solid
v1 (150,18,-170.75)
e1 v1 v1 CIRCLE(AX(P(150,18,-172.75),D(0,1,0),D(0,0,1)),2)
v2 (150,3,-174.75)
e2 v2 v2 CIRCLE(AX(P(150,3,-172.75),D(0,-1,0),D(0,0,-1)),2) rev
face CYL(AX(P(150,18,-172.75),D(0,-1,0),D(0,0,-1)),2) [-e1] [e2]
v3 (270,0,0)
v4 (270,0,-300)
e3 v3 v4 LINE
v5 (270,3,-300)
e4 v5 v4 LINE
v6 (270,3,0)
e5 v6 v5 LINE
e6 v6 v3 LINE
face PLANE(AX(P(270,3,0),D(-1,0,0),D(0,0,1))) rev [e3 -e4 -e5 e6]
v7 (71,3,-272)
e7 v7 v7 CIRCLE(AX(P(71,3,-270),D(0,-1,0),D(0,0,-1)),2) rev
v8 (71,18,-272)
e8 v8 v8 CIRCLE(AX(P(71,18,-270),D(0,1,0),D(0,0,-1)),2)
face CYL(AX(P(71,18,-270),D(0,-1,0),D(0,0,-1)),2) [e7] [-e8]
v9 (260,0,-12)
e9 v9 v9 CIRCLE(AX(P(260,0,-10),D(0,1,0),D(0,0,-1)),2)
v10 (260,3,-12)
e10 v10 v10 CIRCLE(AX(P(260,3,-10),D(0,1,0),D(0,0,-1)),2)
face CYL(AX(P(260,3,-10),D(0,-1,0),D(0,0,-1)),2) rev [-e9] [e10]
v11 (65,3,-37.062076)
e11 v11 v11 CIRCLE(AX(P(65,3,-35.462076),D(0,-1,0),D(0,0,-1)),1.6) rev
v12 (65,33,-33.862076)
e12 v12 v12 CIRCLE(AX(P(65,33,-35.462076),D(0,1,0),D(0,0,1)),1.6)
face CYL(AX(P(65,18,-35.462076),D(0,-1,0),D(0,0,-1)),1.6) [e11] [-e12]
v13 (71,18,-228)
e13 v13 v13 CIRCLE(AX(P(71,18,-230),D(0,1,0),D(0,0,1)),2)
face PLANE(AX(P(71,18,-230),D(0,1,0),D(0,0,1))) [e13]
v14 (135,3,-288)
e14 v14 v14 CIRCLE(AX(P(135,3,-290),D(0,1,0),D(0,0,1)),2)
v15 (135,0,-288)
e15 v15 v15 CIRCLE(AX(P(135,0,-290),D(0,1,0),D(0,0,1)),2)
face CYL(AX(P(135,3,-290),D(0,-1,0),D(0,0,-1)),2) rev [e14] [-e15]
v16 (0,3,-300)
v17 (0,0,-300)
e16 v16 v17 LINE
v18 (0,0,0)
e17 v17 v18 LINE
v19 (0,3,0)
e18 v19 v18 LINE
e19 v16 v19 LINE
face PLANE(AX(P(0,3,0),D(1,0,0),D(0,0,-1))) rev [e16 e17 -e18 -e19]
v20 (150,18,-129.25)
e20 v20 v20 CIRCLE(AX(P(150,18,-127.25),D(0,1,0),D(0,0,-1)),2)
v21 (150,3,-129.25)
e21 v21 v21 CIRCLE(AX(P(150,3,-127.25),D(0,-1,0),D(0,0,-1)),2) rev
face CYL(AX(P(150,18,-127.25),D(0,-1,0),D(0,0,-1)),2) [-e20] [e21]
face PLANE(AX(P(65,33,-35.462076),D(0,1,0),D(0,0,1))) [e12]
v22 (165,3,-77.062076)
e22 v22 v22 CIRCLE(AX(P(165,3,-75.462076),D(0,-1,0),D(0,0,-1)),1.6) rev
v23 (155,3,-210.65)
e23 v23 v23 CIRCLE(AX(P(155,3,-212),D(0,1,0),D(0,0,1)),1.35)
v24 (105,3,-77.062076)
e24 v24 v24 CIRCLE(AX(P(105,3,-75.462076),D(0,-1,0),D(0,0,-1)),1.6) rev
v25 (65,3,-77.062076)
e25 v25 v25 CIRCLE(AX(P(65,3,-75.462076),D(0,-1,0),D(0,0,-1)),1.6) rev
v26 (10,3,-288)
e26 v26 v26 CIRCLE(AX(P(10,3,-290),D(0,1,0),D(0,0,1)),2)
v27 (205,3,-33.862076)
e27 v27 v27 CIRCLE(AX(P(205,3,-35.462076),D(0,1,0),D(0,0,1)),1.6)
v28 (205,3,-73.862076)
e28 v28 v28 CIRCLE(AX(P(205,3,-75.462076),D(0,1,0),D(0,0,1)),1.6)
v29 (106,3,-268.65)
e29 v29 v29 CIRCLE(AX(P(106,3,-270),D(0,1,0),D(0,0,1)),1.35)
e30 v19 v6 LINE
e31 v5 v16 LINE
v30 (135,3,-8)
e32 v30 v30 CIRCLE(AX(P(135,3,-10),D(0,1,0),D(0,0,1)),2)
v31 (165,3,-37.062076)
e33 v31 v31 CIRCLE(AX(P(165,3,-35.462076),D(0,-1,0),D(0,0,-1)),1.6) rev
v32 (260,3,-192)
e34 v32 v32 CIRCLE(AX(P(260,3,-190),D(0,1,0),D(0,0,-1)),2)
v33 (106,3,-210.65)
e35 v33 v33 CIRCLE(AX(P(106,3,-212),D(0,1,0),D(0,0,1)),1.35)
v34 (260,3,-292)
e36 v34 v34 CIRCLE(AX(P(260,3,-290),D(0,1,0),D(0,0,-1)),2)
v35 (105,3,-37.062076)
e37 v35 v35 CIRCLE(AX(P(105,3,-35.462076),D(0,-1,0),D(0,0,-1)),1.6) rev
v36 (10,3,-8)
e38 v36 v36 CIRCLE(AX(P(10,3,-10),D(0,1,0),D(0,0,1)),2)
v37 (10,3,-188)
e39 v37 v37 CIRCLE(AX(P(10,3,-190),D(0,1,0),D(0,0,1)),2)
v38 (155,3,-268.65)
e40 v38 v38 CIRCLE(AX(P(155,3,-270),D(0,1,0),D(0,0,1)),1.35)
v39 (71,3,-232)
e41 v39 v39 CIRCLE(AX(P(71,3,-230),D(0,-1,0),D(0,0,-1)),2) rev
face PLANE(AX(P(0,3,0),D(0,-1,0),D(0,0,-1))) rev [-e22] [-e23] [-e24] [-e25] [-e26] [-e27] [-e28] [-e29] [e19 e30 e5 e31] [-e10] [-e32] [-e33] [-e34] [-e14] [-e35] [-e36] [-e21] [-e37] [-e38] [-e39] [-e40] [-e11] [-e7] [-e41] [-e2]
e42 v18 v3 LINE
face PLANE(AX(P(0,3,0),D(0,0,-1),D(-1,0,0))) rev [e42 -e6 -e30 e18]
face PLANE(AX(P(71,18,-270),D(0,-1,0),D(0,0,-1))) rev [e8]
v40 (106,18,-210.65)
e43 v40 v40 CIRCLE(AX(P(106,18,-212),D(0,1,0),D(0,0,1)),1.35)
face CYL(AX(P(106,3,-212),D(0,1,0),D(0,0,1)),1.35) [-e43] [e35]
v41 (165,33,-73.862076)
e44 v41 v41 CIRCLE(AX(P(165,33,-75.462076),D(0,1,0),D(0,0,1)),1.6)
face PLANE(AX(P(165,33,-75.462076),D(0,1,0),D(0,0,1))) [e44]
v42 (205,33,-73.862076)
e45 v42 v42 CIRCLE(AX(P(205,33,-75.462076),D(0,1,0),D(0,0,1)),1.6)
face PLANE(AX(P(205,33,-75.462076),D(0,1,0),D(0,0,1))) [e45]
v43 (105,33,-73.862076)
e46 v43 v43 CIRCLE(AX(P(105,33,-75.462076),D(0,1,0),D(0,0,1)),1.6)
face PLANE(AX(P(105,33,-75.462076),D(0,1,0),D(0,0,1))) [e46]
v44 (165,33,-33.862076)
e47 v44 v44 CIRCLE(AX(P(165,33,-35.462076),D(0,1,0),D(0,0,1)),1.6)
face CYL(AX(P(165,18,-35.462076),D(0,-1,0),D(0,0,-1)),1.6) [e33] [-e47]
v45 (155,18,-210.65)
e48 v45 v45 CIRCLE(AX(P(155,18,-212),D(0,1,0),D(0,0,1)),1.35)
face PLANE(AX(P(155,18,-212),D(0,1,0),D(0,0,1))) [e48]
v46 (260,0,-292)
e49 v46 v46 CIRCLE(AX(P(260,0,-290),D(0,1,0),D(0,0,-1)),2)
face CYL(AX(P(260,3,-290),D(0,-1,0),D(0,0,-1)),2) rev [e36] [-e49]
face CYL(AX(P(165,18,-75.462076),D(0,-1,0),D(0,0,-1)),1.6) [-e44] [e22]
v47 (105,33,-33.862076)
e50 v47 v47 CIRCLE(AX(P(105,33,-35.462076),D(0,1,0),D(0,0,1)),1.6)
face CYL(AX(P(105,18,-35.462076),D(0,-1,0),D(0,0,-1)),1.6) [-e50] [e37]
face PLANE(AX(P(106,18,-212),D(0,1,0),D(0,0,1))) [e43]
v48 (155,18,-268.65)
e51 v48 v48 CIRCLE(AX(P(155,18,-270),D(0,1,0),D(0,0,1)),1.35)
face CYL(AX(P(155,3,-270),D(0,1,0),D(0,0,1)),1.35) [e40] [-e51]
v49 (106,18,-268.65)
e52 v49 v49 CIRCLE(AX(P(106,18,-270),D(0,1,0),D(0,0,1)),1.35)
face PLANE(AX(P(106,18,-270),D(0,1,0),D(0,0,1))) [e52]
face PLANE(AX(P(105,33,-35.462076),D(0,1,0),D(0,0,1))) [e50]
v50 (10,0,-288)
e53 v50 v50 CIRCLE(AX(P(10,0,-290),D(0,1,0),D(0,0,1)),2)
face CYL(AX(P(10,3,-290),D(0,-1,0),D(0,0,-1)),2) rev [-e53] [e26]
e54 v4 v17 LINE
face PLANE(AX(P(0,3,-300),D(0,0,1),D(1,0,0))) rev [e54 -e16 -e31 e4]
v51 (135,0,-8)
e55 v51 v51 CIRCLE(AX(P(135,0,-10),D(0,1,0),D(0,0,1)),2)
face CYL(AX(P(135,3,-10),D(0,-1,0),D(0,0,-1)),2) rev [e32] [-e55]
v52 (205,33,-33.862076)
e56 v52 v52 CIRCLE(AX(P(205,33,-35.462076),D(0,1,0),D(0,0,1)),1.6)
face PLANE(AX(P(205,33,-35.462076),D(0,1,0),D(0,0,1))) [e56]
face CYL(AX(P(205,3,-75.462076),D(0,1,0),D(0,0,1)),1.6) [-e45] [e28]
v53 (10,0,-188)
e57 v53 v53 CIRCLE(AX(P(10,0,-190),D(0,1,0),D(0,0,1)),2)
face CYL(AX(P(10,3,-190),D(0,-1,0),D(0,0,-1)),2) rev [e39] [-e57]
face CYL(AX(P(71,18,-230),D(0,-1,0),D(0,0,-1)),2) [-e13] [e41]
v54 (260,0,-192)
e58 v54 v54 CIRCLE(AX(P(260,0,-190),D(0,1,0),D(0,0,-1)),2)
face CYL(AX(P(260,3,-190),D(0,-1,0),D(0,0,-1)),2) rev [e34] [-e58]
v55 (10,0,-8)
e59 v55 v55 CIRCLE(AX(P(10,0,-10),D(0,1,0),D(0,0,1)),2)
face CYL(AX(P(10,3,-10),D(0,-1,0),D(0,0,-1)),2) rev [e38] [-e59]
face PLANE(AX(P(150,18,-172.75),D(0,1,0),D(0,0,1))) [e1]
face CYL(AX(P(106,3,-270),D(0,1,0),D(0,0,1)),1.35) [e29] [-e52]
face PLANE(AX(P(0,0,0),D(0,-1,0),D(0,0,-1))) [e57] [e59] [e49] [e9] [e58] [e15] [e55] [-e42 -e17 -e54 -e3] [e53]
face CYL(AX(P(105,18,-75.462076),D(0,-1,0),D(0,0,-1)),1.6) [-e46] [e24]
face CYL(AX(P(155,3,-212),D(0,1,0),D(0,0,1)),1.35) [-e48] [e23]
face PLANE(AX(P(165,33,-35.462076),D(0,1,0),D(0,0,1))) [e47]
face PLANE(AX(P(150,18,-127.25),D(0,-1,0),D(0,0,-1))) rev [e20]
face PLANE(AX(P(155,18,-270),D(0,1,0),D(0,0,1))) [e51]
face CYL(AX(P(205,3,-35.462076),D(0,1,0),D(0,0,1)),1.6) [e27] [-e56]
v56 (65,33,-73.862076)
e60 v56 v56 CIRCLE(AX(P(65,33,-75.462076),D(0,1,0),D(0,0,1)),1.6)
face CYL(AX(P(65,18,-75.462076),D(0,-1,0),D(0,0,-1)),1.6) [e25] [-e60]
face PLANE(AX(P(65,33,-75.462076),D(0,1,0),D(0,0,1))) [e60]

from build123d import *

# Parameters (mm, degrees)
SKETCH1_W            = 270
SKETCH1_H            = 300
SKETCH1_R            = 2
BOSS_EXTRUDE1_DEPTH  = 3
SKETCH2_R            = 1.35
BOSS_EXTRUDE2_DEPTH  = 10
SKETCH3_R            = 2
BOSS_EXTRUDE3_DEPTH  = 15
SKETCH4_R            = 1.35
BOSS_EXTRUDE4_DEPTH  = 5
SKETCH5_R            = 2
BOSS_EXTRUDE5_DEPTH  = 15
SKETCH6_R            = 1.6
BOSS_EXTRUDE6_DEPTH  = 15
SKETCH7_R            = 2
BOSS_EXTRUDE7_DEPTH  = 15
CUT_EXTRUDE1_START   = -15
SKETCH8_R            = 1.6
CUT_EXTRUDE1_DEPTH   = 15
SKETCH9_R            = 1.6
BOSS_EXTRUDE8_DEPTH  = 15
CUT_EXTRUDE3_START   = -15
SKETCH10_R           = 1.6
CUT_EXTRUDE3_DEPTH   = 15
SKETCH11_R           = 1.6
BOSS_EXTRUDE9_DEPTH  = 15
SKETCH12_R           = 1.6
BOSS_EXTRUDE10_DEPTH = 15
CUT_EXTRUDE4_START   = -15
SKETCH13_R           = 2
CUT_EXTRUDE4_DEPTH   = 15
SKETCH14_R           = 1.35
BOSS_EXTRUDE11_DEPTH = 15
CUT_EXTRUDE7_START   = -15
SKETCH15_R           = 1.35
CUT_EXTRUDE7_DEPTH   = 15
SKETCH16_R           = 1.35
BOSS_EXTRUDE12_DEPTH = 15
SKETCH18_R           = 1.35
CUT_EXTRUDE9_DEPTH   = 15


with BuildPart() as part:
    # Sketch1 → Boss-Extrude1 (new body)
    with BuildSketch(Plane(origin=(0, 0, 0), x_dir=(1, 0, 0), z_dir=(0, 1, 0))):
        with Locations((135, 150)):
            Rectangle(SKETCH1_W, SKETCH1_H)
        with Locations(Location((10, 290, 0), (0, 0, 270))):
            Circle(SKETCH1_R, mode=Mode.SUBTRACT)
        with Locations(Location((10, 190, 0), (0, 0, 270))):
            Circle(SKETCH1_R, mode=Mode.SUBTRACT)
        with Locations(Location((10, 10, 0), (0, 0, 270))):
            Circle(SKETCH1_R, mode=Mode.SUBTRACT)
        with Locations(Location((135, 10, 0), (0, 0, 270))):
            Circle(SKETCH1_R, mode=Mode.SUBTRACT)
        with Locations(Location((260, 290, 0), (0, 0, 90))):
            Circle(SKETCH1_R, mode=Mode.SUBTRACT)
        with Locations(Location((260, 190, 0), (0, 0, 90))):
            Circle(SKETCH1_R, mode=Mode.SUBTRACT)
        with Locations(Location((260, 10, 0), (0, 0, 90))):
            Circle(SKETCH1_R, mode=Mode.SUBTRACT)
        with Locations(Location((135, 290, 0), (0, 0, 270))):
            Circle(SKETCH1_R, mode=Mode.SUBTRACT)
    extrude(amount=BOSS_EXTRUDE1_DEPTH)

    # Sketch2 → Boss-Extrude2 (add)
    with BuildSketch(Plane(origin=(0, 3, 0), x_dir=(1, 0, 0), z_dir=(0, 1, 0))):
        with Locations(Location((106, 270, 0), (0, 0, 90))):
            Circle(SKETCH2_R)
        with Locations(Location((155, 270, 0), (0, 0, 90))):
            Circle(SKETCH2_R)
        with Locations(Location((106, 212, 0), (0, 0, 90))):
            Circle(SKETCH2_R)
        with Locations(Location((155, 212, 0), (0, 0, 90))):
            Circle(SKETCH2_R)
    extrude(amount=BOSS_EXTRUDE2_DEPTH)

    # Sketch3 → Boss-Extrude3 (add)
    with BuildSketch(Plane(origin=(0, 3, 0), x_dir=(1, 0, 0), z_dir=(0, 1, 0))):
        with Locations(Location((150, 172.75, 0), (0, 0, 90))):
            Circle(SKETCH3_R)
        with Locations(Location((150, 127.25, 0), (0, 0, 90))):
            Circle(SKETCH3_R)
    extrude(amount=BOSS_EXTRUDE3_DEPTH)

    # Sketch4 → Boss-Extrude4 (add)
    with BuildSketch(Plane(origin=(0, 13, 0), x_dir=(1, 0, 0), z_dir=(0, 1, 0))):
        with Locations(Location((106, 212, 0), (0, 0, 90))):
            Circle(SKETCH4_R)
        with Locations(Location((155, 212, 0), (0, 0, 90))):
            Circle(SKETCH4_R)
        with Locations(Location((155, 270, 0), (0, 0, 90))):
            Circle(SKETCH4_R)
        with Locations(Location((106, 270, 0), (0, 0, 90))):
            Circle(SKETCH4_R)
    extrude(amount=BOSS_EXTRUDE4_DEPTH)

    # Sketch5 → Boss-Extrude5 (add)
    with BuildSketch(Plane(origin=(0, 3, 0), x_dir=(1, 0, 0), z_dir=(0, 1, 0))):
        with Locations(Location((41, 270, 0), (0, 0, 90))):
            Circle(SKETCH5_R)
        with Locations(Location((71, 270, 0), (0, 0, 90))):
            Circle(SKETCH5_R)
    extrude(amount=BOSS_EXTRUDE5_DEPTH)

    # Sketch6 → Boss-Extrude6 (add)
    with BuildSketch(Plane(origin=(0, 3, 0), x_dir=(1, 0, 0), z_dir=(0, 1, 0))):
        with Locations(Location((65, 75.462075724, 0), (0, 0, 90))):
            Circle(SKETCH6_R)
        with Locations(Location((105, 75.462075724, 0), (0, 0, 90))):
            Circle(SKETCH6_R)
        with Locations(Location((65, 35.462075724, 0), (0, 0, 90))):
            Circle(SKETCH6_R)
        with Locations(Location((105, 35.462075724, 0), (0, 0, 90))):
            Circle(SKETCH6_R)
        with Locations(Location((165, 35.462075724, 0), (0, 0, 90))):
            Circle(SKETCH6_R)
        with Locations(Location((205, 35.462075724, 0), (0, 0, 90))):
            Circle(SKETCH6_R)
        with Locations(Location((205, 75.462075724, 0), (0, 0, 90))):
            Circle(SKETCH6_R)
        with Locations(Location((165, 75.462075724, 0), (0, 0, 90))):
            Circle(SKETCH6_R)
    extrude(amount=BOSS_EXTRUDE6_DEPTH)

    # Sketch7 → Boss-Extrude7 (add)
    with BuildSketch(Plane(origin=(0, 3, 0), x_dir=(1, 0, 0), z_dir=(0, 1, 0))):
        with Locations(Location((41, 230, 0), (0, 0, 90))):
            Circle(SKETCH7_R)
        with Locations(Location((71, 230, 0), (0, 0, 90))):
            Circle(SKETCH7_R)
    extrude(amount=BOSS_EXTRUDE7_DEPTH)

    # Sketch8 → Cut-Extrude1 (cut)
    with BuildSketch(Plane(origin=(0, 18, 0), x_dir=(1, 0, 0), z_dir=(0, 1, 0)).offset(CUT_EXTRUDE1_START)):
        with Locations((205, 75.462075724)):
            Circle(SKETCH8_R)
        with Locations((205, 35.462075724)):
            Circle(SKETCH8_R)
    extrude(amount=CUT_EXTRUDE1_DEPTH, mode=Mode.SUBTRACT)

    # Sketch9 → Boss-Extrude8 (add)
    with BuildSketch(Plane(origin=(0, 3, 0), x_dir=(1, 0, 0), z_dir=(0, 1, 0))):
        with Locations(Location((185, 75.462075724, 0), (0, 0, 90))):
            Circle(SKETCH9_R)
        with Locations(Location((185, 35.462075724, 0), (0, 0, 90))):
            Circle(SKETCH9_R)
    extrude(amount=BOSS_EXTRUDE8_DEPTH)

    # Sketch10 → Cut-Extrude3 (cut)
    with BuildSketch(Plane(origin=(0, 18, 0), x_dir=(1, 0, 0), z_dir=(0, 1, 0)).offset(CUT_EXTRUDE3_START)):
        with Locations((185, 75.462075724)):
            Circle(SKETCH10_R)
        with Locations((185, 35.462075724)):
            Circle(SKETCH10_R)
    extrude(amount=CUT_EXTRUDE3_DEPTH, mode=Mode.SUBTRACT)

    # Sketch11 → Boss-Extrude9 (add)
    with BuildSketch(Plane(origin=(0, 18, 0), x_dir=(1, 0, 0), z_dir=(0, 1, 0))):
        with Locations(Location((205, 75.462075724, 0), (0, 0, 270))):
            Circle(SKETCH11_R)
        with Locations(Location((205, 35.462075724, 0), (0, 0, 270))):
            Circle(SKETCH11_R)
    extrude(amount=-BOSS_EXTRUDE9_DEPTH)

    # Sketch12 → Boss-Extrude10 (add)
    with BuildSketch(Plane(origin=(0, 18, 0), x_dir=(1, 0, 0), z_dir=(0, 1, 0))):
        with Locations(Location((65, 35.462075724, 0), (0, 0, 90))):
            Circle(SKETCH12_R)
        with Locations(Location((105, 35.462075724, 0), (0, 0, 90))):
            Circle(SKETCH12_R)
        with Locations(Location((105, 75.462075724, 0), (0, 0, 90))):
            Circle(SKETCH12_R)
        with Locations(Location((65, 75.462075724, 0), (0, 0, 90))):
            Circle(SKETCH12_R)
        with Locations(Location((165, 75.462075724, 0), (0, 0, 90))):
            Circle(SKETCH12_R)
        with Locations(Location((165, 35.462075724, 0), (0, 0, 90))):
            Circle(SKETCH12_R)
        with Locations(Location((205, 35.462075724, 0), (0, 0, 270))):
            Circle(SKETCH12_R)
        with Locations(Location((205, 75.462075724, 0), (0, 0, 270))):
            Circle(SKETCH12_R)
    extrude(amount=BOSS_EXTRUDE10_DEPTH)

    # Sketch13 → Cut-Extrude4 (cut)
    with BuildSketch(Plane(origin=(0, 18, 0), x_dir=(1, 0, 0), z_dir=(0, 1, 0)).offset(CUT_EXTRUDE4_START)):
        with Locations((41, 270)):
            Circle(SKETCH13_R)
        with Locations((41, 230)):
            Circle(SKETCH13_R)
    extrude(amount=CUT_EXTRUDE4_DEPTH, mode=Mode.SUBTRACT)

    # Sketch14 → Boss-Extrude11 (add)
    with BuildSketch(Plane(origin=(0, 18, 0), x_dir=(1, 0, 0), z_dir=(0, 1, 0))):
        with Locations(Location((155, 190, 0), (0, 0, 270))):
            Circle(SKETCH14_R)
        with Locations(Location((106, 190, 0), (0, 0, 270))):
            Circle(SKETCH14_R)
        with Locations(Location((106, 248, 0), (0, 0, 270))):
            Circle(SKETCH14_R)
        with Locations(Location((155, 248, 0), (0, 0, 90))):
            Circle(SKETCH14_R)
    extrude(amount=-BOSS_EXTRUDE11_DEPTH)

    # Sketch15 → Cut-Extrude7 (cut)
    with BuildSketch(Plane(origin=(0, 18, 0), x_dir=(1, 0, 0), z_dir=(0, 1, 0)).offset(CUT_EXTRUDE7_START)):
        with Locations((106, 212)):
            Circle(SKETCH15_R)
        with Locations((155, 212)):
            Circle(SKETCH15_R)
        with Locations((155, 270)):
            Circle(SKETCH15_R)
        with Locations((106, 270)):
            Circle(SKETCH15_R)
    extrude(amount=CUT_EXTRUDE7_DEPTH, mode=Mode.SUBTRACT)

    # Sketch16 → Boss-Extrude12 (add)
    with BuildSketch(Plane(origin=(0, 18, 0), x_dir=(1, 0, 0), z_dir=(0, 1, 0))):
        with Locations(Location((106, 270, 0), (0, 0, 270))):
            Circle(SKETCH16_R)
        with Locations(Location((155, 270, 0), (0, 0, 270))):
            Circle(SKETCH16_R)
        with Locations(Location((106, 212, 0), (0, 0, 270))):
            Circle(SKETCH16_R)
        with Locations(Location((155, 212, 0), (0, 0, 270))):
            Circle(SKETCH16_R)
    extrude(amount=-BOSS_EXTRUDE12_DEPTH)

    # Sketch18 → Cut-Extrude9 (cut)
    with BuildSketch(Plane(origin=(0, 18, 0), x_dir=(1, 0, 0), z_dir=(0, 1, 0))):
        with Locations((106, 248)):
            Circle(SKETCH18_R)
        with Locations((155, 248)):
            Circle(SKETCH18_R)
        with Locations((155, 190)):
            Circle(SKETCH18_R)
        with Locations((106, 190)):
            Circle(SKETCH18_R)
    extrude(amount=-CUT_EXTRUDE9_DEPTH, mode=Mode.SUBTRACT)


solid = part.part
